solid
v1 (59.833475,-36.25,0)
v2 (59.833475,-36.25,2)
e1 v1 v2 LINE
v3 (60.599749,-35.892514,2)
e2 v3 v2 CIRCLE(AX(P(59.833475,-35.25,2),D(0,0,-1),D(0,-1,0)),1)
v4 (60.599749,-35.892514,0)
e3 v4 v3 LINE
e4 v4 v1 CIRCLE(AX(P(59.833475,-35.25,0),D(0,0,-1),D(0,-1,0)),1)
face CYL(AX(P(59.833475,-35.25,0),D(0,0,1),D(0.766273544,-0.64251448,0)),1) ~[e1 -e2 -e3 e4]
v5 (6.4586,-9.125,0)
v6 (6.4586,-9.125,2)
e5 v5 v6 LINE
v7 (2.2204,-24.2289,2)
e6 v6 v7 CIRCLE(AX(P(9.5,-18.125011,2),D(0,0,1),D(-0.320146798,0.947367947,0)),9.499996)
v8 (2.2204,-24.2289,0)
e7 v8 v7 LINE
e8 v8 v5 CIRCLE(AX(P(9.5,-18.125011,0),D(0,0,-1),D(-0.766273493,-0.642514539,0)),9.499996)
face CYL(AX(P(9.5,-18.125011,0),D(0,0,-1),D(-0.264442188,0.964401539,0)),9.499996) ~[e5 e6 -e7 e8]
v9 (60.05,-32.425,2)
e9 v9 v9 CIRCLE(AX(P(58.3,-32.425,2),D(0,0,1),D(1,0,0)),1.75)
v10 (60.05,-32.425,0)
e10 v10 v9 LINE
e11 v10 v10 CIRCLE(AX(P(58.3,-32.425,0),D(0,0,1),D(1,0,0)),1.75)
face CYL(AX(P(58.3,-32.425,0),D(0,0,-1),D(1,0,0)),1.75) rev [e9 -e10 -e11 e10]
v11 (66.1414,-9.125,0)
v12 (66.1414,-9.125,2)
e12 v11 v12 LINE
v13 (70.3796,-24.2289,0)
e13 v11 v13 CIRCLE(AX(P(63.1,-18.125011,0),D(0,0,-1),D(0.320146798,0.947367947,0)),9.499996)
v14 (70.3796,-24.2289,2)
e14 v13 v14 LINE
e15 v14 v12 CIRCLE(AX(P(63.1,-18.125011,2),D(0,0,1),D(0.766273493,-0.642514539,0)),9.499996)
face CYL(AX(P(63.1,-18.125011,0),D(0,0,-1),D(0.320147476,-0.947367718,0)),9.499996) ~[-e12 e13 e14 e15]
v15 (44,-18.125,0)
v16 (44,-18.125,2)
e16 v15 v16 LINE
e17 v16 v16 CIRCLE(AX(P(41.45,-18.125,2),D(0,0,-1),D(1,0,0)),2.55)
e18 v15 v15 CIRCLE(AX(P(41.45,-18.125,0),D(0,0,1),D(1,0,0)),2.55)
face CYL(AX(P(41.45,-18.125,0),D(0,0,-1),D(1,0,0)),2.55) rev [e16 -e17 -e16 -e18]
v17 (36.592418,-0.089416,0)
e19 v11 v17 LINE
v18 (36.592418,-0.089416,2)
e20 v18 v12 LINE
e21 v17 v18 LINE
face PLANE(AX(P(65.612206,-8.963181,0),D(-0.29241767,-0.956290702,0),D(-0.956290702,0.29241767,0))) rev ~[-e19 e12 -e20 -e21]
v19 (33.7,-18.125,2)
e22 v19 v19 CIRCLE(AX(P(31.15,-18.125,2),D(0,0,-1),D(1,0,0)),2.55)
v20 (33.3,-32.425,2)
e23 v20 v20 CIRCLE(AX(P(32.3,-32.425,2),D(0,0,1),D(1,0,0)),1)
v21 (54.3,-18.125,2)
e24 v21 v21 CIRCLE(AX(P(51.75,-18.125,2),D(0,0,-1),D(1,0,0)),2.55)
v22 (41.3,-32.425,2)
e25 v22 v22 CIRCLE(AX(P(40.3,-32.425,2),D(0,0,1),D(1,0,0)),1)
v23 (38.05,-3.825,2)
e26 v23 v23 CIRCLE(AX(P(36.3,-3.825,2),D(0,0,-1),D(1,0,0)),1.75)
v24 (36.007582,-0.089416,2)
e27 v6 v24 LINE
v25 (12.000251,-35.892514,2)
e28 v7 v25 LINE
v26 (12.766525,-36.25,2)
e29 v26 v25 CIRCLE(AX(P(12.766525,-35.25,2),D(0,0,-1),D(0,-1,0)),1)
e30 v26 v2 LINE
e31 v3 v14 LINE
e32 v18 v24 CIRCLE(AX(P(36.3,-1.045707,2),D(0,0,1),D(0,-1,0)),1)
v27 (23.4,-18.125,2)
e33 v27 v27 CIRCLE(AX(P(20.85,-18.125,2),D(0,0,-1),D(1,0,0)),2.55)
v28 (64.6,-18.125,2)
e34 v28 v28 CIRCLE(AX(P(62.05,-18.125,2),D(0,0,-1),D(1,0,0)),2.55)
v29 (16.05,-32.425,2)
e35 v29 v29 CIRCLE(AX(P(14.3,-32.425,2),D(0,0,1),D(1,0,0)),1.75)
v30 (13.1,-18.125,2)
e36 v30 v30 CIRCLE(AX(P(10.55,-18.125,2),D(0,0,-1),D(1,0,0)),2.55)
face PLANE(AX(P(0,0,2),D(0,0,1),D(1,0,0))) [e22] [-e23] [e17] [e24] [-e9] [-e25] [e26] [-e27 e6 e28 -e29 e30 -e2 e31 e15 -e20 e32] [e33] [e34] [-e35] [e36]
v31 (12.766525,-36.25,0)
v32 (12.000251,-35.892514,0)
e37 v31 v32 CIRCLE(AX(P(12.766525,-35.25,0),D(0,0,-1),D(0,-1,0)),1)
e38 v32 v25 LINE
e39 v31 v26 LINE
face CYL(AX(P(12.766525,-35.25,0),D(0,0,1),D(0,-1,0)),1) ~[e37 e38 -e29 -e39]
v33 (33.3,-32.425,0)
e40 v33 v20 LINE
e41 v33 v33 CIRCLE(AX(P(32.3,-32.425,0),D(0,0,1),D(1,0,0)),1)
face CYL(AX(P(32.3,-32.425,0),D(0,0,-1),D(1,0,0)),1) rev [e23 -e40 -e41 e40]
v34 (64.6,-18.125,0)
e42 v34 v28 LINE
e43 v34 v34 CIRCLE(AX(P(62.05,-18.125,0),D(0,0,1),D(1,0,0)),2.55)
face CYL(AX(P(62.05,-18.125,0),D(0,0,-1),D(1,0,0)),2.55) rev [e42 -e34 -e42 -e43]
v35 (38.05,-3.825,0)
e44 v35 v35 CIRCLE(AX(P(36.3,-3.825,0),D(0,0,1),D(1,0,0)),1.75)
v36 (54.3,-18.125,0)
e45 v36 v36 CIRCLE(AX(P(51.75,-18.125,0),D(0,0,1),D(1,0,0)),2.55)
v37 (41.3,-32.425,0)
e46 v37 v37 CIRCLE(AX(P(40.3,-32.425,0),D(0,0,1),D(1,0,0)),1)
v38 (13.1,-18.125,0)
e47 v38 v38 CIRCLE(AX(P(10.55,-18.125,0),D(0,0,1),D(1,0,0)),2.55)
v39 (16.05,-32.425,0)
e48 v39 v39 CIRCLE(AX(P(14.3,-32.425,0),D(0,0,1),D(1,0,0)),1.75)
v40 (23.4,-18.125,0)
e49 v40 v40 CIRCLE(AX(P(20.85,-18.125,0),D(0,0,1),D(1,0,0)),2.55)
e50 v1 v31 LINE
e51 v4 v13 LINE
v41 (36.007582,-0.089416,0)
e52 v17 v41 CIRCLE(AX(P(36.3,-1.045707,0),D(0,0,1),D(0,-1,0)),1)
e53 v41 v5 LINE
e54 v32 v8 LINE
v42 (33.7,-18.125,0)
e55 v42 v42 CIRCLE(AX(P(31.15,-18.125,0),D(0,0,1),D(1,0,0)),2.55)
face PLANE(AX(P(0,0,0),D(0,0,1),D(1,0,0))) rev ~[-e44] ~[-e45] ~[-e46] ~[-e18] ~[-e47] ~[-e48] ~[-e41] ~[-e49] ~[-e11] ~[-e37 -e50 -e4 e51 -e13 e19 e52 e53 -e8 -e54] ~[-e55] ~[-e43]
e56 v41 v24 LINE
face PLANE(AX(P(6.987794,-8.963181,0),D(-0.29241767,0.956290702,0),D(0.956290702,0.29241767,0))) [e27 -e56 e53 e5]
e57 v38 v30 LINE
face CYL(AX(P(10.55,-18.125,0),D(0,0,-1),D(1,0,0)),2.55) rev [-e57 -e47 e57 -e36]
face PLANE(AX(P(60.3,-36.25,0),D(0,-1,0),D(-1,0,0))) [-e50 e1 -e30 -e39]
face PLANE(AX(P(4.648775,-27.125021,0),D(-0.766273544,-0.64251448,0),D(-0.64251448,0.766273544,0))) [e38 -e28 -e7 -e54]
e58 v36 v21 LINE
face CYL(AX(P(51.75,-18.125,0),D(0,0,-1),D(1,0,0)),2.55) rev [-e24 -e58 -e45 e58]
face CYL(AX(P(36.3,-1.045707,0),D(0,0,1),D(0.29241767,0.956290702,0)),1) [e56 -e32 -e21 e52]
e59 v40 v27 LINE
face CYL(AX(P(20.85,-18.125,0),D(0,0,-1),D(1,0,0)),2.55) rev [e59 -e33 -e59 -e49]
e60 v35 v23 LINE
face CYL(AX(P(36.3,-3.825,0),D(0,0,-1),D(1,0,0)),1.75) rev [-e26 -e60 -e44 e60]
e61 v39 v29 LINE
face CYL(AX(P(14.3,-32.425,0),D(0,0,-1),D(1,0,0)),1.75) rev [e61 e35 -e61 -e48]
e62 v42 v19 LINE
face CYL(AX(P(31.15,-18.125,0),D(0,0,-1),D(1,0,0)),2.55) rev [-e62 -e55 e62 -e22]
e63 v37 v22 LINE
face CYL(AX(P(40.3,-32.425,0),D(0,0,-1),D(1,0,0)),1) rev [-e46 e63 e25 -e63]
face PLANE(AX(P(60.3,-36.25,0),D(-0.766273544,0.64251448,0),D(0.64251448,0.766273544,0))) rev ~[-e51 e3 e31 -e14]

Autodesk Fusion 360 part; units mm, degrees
sketch "スケッチ1" plane through (0, 0, 0) normal (0, 0, 1) x (1, 0, 0)
  line L0 (0, 0) -> (72.6, 0)
  line L1 (72.6, 0) -> (72.6, -36.25)
  line L2 (72.6, -36.25) -> (0, -36.25)
  line L3 (0, -36.25) -> (0, 0)
  line L4 (36.3, 0) -> (36.3, -36.25)
  line L5 (0, -18.125) -> (72.6, -18.125)
  line L6 (72.6, -8.625) -> (72.6, -26.625)
  line L7 (58.3, -36.25) -> (14.3, -36.25)
  line L8 (0, -9.125) -> (0, -27.125)
  line L9 (0, -18.125) -> (9.5, -18.125)
  line L10 (0, -9.125) -> (6.4586, -9.125)
  line L11 (0, -27.125) -> (4.6488, -27.125)
  line L12 (6.4586, -9.125) -> (36.3, 0)
  line L13 (14.3, -36.25) -> (12.3, -36.25)
  line L14 (12.3, -36.25) -> (2.2204, -24.2289)
  line L15 (36.3, -18.125) -> (36.3, -32.425)
  line L16 (36.3, -18.125) -> (36.3, -3.825)
  line L17 (66.1414, -9.125) -> (36.3, 0)
  line L18 (60.3, -36.25) -> (70.3796, -24.2289)
  line L19 (58.3, -36.25) -> (60.3, -36.25)
  line L20 (6.4586, -27.125) -> (66.1414, -27.125)
  line L21 (6.4586, -9.125) -> (66.1414, -9.125)
  arc A0 (6.9878, -8.9632) -> (6.4586, -27.125) centre (9.5, -18.125) ccw
  arc A1 (66.1414, -27.125) -> (65.6122, -8.9632) centre (63.1, -18.125) ccw
  circle A2 centre (14.3, -32.425) radius 1.75
  circle A3 centre (36.3, -3.825) radius 1.75
  circle A4 centre (58.3, -32.425) radius 1.75
  circle A5 centre (32.3, -32.425) radius 1
  circle A6 centre (40.3, -32.425) radius 1
  line L22 (36.3, -9.125) -> (36.3, -13.125)
  line L23 (0, -18.125) -> (4, -18.125)
  line L24 (36.3, -13.125) -> (5.4223, -13.125)
  line L25 (36.3, -27.125) -> (36.3, -23.125)
  line L26 (36.3, -23.125) -> (5.4223, -23.125)
  arc A7 (5.4223, -13.125) -> (5.4223, -23.125) centre (13.5, -18.125) ccw
  circle A8 centre (10.55, -18.125) radius 2.55
  circle A9 centre (20.85, -18.125) radius 2.55
  circle A10 centre (31.15, -18.125) radius 2.55
  line L27 (36.3, -13.125) -> (67.1777, -13.125)
  arc A11 (67.1777, -23.125) -> (67.1777, -13.125) centre (59.1, -18.125) ccw
  line L28 (36.3, -23.125) -> (67.1777, -23.125)
  circle A12 centre (41.45, -18.125) radius 2.55
  circle A13 centre (51.75, -18.125) radius 2.55
  circle A14 centre (62.05, -18.125) radius 2.55
  point P0 (36.3, -18.125)
  point P1 (36.3, -3.825)
  point P2 (14.3, -32.425)
  point P3 (58.3, -32.425)
  point P4 (40.3, -32.425)
  point P5 (40.3, -32.425)
  point P6 (32.3, -32.425)
  point P7 (31.15, -18.125)
  point P8 (20.85, -18.125)
  point P9 (10.55, -18.125)
  point P10 (41.45, -18.125)
  point P11 (51.75, -18.125)
  point P12 (62.05, -18.125)
  dimension "d5" = 72.6
  dimension "d6" = 36.25
  dimension "d10" = 44
  dimension "d11" = 9
  dimension "d12" = 18
  dimension "d13" = 9.5
  dimension "d14" = 2
  dimension "d15" = 14.3
  dimension "d16" = 22
  dimension "d17" = 14.3
  dimension "d18" = 3.5
  dimension "d19" = 3.5
  dimension "d20" = 3.5
  dimension "d21" = 4
  dimension "d24" = 2
  dimension "d25" = 2
  dimension "d30" = 4
  dimension "d31" = 4
  dimension "d32" = 9.5
  dimension "d33" = 4
  dimension "d34" = 5.15
  dimension "d35" = 10.3
  dimension "d36" = 10.3
  dimension "d37" = 5.1
  dimension "d38" = 5.1
  dimension "d39" = 5.1
  dimension "d46" = 5.1
  dimension "d47" = 5.1
  dimension "d48" = 5.1
extrude "押し出し1" add sketch "スケッチ1" along normal blind 2 contours L4 L16 L17 L21 A3 | L4 L12 L16 L21 A3 | L4 L5 L9 L16 L21 A0 L22 L23 L24 A7 | L4 L5 L9 L15 L20 A0 L23 L25 L26 A7 | L4 L5 L16 L21 A1 L22 L27 A11 | L4 L5 L9 L16 L24 A7 A8 A9 A10 | L4 L5 L9 L15 L26 A7 A8 A9 A10 | L2 L4 L7 L13 L14 L15 L20 A0 | L4 L5 L15 L20 A1 L25 A11 L28 | L5 L9 A8 | L5 L9 A8 | L4 L5 L16 L27 A11 A12 A13 A14 | L4 L5 L15 A11 L28 A12 A13 A14 | L2 L4 L7 L15 L18 L19 L20 A1 | L5 A14 | L5 A14 | L5 A9 | L5 A9 | L5 A10 | L5 A10 | L5 A12 | L5 A12 | L5 A13 | L5 A13
fillet "フィレット1" radius 1 3 edges at (12.3, -36.25, 1) (60.3, -36.25, 1) (36.3, 0, 1)
sketch "スケッチ2" plane through (0, 0, 2) normal (0, 0, 1) x (-1, 0, 0)
  arc A0 (-36.5924, 0.0894) -> (-36.0076, 0.0894) centre (-36.3, 1.0457) ccw
  line L0 (-36.0076, 0.0894) -> (-6.4586, 9.125)
  arc A1 (-6.4586, 9.125) -> (-2.2204, 24.2289) centre (-9.5, 18.125) ccw
  line L1 (-2.2204, 24.2289) -> (-12.0003, 35.8925)
  arc A2 (-12.0003, 35.8925) -> (-12.7665, 36.25) centre (-12.7665, 35.25) ccw
  line L2 (-12.7665, 36.25) -> (-59.8335, 36.25)
  arc A3 (-59.8335, 36.25) -> (-60.5997, 35.8925) centre (-59.8335, 35.25) ccw
  line L3 (-60.5997, 35.8925) -> (-70.3796, 24.2289)
  arc A4 (-70.3796, 24.2289) -> (-66.1414, 9.125) centre (-63.1, 18.125) ccw
  line L4 (-66.1414, 9.125) -> (-36.5924, 0.0894)
  circle A5 centre (-36.3, 3.825) radius 1.75
  circle A6 centre (-32.3, 32.425) radius 1
  circle A7 centre (-40.3, 32.425) radius 1
  circle A8 centre (-14.3, 32.425) radius 1.75
  circle A9 centre (-58.3, 32.425) radius 1.75
extrude "押し出し2" cut sketch "スケッチ1" along normal blind 2 contours L5 L9 A8 | L5 L9 A8 | L5 A14 | L5 A14 | L5 A9 | L5 A9 | L5 A10 | L5 A10 | L5 A12 | L5 A12 | L5 A13 | L5 A13
